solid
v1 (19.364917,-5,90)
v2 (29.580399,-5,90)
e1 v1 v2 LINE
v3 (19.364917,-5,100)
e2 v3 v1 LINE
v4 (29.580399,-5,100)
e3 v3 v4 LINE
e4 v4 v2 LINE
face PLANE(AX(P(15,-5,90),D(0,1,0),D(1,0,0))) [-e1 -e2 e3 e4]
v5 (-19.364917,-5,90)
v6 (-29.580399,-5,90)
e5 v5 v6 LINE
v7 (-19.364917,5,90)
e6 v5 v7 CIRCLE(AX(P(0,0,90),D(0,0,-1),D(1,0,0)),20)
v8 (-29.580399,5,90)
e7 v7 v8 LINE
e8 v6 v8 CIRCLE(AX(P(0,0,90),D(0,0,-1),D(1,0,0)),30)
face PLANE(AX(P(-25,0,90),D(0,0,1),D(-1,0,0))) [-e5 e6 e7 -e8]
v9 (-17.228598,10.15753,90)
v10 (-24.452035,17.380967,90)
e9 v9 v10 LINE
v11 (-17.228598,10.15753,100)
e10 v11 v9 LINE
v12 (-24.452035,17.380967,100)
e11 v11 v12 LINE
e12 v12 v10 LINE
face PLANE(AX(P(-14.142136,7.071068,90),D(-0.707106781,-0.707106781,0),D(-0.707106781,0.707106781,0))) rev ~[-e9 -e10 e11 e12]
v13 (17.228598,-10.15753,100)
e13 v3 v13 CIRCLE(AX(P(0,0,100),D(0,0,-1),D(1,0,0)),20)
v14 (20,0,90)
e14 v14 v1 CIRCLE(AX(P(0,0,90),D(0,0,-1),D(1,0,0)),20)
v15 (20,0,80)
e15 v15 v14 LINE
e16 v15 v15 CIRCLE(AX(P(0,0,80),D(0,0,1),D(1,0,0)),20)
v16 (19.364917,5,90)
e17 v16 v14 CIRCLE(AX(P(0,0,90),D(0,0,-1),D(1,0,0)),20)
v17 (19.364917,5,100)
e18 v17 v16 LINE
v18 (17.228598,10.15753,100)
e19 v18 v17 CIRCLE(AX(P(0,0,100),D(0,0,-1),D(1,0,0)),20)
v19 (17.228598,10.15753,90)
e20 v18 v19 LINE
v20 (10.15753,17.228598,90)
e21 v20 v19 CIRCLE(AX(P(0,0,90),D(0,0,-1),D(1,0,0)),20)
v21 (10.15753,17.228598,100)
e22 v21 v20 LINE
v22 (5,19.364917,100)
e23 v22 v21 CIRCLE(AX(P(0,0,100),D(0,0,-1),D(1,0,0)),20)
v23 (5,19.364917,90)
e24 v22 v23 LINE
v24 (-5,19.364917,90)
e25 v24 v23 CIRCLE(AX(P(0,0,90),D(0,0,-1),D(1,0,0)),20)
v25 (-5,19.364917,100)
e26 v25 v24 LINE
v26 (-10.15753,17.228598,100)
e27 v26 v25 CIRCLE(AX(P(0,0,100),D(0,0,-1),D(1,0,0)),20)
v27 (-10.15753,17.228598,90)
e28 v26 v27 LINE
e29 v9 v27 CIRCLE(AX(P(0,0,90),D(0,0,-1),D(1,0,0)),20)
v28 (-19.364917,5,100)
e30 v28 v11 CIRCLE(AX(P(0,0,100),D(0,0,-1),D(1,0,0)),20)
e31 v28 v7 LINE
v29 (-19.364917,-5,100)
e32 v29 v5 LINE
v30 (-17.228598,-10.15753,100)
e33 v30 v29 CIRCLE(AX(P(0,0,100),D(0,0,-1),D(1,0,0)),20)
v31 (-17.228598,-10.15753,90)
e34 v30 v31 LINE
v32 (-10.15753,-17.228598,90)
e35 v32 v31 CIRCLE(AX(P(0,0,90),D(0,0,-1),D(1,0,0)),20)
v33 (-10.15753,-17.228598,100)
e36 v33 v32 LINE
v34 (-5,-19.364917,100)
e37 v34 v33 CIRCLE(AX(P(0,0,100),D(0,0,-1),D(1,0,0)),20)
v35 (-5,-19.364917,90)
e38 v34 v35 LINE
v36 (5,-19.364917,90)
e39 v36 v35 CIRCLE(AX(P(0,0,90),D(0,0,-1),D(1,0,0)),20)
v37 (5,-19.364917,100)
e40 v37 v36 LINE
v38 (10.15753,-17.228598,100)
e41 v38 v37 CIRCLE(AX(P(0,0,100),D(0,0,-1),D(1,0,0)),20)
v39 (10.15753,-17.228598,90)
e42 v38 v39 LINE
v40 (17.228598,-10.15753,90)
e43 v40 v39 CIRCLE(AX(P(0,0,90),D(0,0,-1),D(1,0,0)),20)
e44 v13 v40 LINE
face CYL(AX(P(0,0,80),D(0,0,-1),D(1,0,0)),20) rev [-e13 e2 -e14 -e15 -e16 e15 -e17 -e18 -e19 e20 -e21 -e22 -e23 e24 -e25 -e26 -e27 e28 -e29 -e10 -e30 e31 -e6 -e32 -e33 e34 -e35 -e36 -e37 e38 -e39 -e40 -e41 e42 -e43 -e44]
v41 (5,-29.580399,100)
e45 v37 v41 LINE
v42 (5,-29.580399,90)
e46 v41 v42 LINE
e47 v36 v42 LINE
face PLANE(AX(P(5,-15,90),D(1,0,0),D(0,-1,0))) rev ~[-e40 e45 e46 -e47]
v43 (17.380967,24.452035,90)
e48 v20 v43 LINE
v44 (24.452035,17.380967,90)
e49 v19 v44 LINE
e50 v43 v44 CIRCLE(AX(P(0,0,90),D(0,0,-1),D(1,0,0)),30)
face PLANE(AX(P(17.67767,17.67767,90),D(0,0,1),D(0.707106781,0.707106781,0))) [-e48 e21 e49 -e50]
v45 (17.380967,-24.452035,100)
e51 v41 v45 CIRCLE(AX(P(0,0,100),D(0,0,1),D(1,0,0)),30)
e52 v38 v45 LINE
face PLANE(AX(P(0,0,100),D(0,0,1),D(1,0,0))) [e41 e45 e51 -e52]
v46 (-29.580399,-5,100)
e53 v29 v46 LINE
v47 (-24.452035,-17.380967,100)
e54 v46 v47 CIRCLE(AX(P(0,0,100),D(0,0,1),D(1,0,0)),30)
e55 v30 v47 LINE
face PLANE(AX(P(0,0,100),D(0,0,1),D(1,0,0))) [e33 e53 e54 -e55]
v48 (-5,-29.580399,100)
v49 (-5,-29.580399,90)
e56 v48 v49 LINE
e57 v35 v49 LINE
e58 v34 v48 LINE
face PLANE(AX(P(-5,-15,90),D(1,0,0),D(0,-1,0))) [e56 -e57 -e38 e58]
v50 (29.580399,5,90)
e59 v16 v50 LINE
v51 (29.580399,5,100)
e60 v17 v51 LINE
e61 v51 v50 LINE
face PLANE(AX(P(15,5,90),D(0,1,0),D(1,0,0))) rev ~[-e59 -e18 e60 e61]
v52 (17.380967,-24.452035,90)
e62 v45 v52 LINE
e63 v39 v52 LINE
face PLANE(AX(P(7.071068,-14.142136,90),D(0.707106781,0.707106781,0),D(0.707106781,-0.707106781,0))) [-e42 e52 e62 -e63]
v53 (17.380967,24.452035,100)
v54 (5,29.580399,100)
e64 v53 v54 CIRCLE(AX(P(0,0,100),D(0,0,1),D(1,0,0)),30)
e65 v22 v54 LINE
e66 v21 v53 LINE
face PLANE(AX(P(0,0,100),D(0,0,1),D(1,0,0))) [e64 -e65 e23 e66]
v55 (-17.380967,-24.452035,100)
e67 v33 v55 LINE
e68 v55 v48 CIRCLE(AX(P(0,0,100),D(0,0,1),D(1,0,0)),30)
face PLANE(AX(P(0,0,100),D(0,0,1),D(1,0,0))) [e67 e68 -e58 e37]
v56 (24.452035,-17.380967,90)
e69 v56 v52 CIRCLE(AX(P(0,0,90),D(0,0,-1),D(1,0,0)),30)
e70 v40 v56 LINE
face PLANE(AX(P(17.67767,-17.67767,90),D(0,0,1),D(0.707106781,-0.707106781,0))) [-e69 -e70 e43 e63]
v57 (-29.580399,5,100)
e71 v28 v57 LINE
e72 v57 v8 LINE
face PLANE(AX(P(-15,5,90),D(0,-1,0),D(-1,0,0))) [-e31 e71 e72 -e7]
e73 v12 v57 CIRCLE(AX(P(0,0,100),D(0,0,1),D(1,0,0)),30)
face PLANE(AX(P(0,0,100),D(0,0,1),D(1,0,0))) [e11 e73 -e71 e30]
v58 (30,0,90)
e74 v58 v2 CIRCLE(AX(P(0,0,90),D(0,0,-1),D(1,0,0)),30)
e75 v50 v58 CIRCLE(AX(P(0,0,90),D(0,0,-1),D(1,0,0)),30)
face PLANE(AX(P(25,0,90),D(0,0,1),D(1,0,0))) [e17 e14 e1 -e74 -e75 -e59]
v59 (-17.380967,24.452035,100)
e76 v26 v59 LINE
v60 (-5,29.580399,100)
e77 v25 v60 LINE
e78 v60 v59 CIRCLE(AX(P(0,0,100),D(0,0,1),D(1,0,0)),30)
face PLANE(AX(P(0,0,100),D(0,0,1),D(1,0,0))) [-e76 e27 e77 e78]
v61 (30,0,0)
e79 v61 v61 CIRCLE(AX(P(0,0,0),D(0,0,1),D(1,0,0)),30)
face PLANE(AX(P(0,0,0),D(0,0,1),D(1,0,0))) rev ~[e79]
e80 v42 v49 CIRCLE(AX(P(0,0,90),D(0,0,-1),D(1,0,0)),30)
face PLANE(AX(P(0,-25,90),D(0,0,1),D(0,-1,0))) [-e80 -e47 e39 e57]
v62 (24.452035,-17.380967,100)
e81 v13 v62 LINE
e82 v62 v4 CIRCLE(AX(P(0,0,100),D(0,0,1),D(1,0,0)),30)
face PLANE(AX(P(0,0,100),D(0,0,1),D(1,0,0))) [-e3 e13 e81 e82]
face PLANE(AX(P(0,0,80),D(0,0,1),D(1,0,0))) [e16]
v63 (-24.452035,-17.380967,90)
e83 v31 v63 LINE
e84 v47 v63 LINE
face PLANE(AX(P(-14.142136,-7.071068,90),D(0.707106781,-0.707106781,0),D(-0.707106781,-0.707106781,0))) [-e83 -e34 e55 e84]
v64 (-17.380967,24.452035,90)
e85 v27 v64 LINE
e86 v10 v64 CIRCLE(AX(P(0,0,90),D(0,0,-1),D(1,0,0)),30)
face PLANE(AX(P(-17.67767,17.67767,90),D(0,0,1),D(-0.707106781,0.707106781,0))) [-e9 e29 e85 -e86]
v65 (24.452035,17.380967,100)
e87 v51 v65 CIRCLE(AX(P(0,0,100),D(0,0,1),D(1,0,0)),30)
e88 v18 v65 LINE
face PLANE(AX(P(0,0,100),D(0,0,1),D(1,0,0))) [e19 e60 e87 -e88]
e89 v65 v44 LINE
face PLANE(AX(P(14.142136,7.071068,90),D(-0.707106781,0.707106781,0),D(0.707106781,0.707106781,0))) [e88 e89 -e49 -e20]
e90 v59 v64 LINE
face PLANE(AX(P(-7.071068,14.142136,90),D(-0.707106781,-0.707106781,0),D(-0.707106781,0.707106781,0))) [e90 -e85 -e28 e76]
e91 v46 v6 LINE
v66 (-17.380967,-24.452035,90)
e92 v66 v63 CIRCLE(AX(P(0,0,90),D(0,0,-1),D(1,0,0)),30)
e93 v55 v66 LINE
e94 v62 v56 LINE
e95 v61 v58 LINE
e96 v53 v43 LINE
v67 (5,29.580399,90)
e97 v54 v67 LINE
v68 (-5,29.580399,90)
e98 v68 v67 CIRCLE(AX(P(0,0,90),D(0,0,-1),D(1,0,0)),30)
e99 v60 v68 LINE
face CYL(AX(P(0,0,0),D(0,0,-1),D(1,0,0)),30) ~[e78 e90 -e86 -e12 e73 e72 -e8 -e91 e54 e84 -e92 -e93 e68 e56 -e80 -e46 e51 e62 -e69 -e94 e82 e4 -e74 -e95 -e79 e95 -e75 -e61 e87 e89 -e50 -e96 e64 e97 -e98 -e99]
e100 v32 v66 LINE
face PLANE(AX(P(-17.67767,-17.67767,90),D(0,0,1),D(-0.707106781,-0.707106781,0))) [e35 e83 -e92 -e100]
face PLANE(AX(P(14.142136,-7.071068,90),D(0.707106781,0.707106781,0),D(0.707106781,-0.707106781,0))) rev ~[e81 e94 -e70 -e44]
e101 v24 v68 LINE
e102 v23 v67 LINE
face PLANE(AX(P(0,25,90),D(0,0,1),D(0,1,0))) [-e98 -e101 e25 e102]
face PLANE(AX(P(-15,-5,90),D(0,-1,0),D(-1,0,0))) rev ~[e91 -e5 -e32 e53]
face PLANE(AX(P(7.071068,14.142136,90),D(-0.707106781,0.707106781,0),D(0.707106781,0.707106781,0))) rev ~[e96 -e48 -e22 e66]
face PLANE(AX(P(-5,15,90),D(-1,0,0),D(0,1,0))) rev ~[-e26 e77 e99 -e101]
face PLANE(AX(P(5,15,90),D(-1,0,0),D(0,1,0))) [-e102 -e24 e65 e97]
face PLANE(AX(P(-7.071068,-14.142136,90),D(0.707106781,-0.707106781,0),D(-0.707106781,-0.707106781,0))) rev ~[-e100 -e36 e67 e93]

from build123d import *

# Parameters (mm, degrees)
BOX_W             = 20
BOX_H             = 10
BOX_DEPTH         = 10
ARRAY_COUNT       = 8
CYLINDER001_R     = 20
CYLINDER001_DEPTH = 50
CYLINDER_R        = 30
CYLINDER_DEPTH    = 100


with BuildPart() as battelment:
    # Box → Box (new body)
    with BuildSketch(Plane(origin=(15, -5, 90), x_dir=(1, 0, 0), z_dir=(0, 0, 1))):
        with Locations((10, 5)):
            Rectangle(BOX_W, BOX_H)
    extrude(amount=BOX_DEPTH)

    # Array: battelment ×8 about axis
    array_axis = Axis((0, 0, 1), (0, 0, 1))


with BuildPart() as battelment_1:
    add(battelment.part)
    for i in range(1, ARRAY_COUNT):
        add(battelment.part.rotate(array_axis, i * 360 / ARRAY_COUNT))


with BuildPart() as cilindre001:
    # Cylinder001 → Cylinder001 (new body)
    with BuildSketch(Plane.XY.offset(80)):
        Circle(CYLINDER001_R)
    extrude(amount=CYLINDER001_DEPTH)


with BuildPart() as tower:
    # Cylinder → Cylinder (new body)
    with BuildSketch(Plane.XY):
        Circle(CYLINDER_R)
    extrude(amount=CYLINDER_DEPTH)

    # Cut: cut Cilindre001
    add(cilindre001.part, mode=Mode.SUBTRACT)

    # Cut001: cut battelment
    add(battelment_1.part, mode=Mode.SUBTRACT)


solid = tower.part
